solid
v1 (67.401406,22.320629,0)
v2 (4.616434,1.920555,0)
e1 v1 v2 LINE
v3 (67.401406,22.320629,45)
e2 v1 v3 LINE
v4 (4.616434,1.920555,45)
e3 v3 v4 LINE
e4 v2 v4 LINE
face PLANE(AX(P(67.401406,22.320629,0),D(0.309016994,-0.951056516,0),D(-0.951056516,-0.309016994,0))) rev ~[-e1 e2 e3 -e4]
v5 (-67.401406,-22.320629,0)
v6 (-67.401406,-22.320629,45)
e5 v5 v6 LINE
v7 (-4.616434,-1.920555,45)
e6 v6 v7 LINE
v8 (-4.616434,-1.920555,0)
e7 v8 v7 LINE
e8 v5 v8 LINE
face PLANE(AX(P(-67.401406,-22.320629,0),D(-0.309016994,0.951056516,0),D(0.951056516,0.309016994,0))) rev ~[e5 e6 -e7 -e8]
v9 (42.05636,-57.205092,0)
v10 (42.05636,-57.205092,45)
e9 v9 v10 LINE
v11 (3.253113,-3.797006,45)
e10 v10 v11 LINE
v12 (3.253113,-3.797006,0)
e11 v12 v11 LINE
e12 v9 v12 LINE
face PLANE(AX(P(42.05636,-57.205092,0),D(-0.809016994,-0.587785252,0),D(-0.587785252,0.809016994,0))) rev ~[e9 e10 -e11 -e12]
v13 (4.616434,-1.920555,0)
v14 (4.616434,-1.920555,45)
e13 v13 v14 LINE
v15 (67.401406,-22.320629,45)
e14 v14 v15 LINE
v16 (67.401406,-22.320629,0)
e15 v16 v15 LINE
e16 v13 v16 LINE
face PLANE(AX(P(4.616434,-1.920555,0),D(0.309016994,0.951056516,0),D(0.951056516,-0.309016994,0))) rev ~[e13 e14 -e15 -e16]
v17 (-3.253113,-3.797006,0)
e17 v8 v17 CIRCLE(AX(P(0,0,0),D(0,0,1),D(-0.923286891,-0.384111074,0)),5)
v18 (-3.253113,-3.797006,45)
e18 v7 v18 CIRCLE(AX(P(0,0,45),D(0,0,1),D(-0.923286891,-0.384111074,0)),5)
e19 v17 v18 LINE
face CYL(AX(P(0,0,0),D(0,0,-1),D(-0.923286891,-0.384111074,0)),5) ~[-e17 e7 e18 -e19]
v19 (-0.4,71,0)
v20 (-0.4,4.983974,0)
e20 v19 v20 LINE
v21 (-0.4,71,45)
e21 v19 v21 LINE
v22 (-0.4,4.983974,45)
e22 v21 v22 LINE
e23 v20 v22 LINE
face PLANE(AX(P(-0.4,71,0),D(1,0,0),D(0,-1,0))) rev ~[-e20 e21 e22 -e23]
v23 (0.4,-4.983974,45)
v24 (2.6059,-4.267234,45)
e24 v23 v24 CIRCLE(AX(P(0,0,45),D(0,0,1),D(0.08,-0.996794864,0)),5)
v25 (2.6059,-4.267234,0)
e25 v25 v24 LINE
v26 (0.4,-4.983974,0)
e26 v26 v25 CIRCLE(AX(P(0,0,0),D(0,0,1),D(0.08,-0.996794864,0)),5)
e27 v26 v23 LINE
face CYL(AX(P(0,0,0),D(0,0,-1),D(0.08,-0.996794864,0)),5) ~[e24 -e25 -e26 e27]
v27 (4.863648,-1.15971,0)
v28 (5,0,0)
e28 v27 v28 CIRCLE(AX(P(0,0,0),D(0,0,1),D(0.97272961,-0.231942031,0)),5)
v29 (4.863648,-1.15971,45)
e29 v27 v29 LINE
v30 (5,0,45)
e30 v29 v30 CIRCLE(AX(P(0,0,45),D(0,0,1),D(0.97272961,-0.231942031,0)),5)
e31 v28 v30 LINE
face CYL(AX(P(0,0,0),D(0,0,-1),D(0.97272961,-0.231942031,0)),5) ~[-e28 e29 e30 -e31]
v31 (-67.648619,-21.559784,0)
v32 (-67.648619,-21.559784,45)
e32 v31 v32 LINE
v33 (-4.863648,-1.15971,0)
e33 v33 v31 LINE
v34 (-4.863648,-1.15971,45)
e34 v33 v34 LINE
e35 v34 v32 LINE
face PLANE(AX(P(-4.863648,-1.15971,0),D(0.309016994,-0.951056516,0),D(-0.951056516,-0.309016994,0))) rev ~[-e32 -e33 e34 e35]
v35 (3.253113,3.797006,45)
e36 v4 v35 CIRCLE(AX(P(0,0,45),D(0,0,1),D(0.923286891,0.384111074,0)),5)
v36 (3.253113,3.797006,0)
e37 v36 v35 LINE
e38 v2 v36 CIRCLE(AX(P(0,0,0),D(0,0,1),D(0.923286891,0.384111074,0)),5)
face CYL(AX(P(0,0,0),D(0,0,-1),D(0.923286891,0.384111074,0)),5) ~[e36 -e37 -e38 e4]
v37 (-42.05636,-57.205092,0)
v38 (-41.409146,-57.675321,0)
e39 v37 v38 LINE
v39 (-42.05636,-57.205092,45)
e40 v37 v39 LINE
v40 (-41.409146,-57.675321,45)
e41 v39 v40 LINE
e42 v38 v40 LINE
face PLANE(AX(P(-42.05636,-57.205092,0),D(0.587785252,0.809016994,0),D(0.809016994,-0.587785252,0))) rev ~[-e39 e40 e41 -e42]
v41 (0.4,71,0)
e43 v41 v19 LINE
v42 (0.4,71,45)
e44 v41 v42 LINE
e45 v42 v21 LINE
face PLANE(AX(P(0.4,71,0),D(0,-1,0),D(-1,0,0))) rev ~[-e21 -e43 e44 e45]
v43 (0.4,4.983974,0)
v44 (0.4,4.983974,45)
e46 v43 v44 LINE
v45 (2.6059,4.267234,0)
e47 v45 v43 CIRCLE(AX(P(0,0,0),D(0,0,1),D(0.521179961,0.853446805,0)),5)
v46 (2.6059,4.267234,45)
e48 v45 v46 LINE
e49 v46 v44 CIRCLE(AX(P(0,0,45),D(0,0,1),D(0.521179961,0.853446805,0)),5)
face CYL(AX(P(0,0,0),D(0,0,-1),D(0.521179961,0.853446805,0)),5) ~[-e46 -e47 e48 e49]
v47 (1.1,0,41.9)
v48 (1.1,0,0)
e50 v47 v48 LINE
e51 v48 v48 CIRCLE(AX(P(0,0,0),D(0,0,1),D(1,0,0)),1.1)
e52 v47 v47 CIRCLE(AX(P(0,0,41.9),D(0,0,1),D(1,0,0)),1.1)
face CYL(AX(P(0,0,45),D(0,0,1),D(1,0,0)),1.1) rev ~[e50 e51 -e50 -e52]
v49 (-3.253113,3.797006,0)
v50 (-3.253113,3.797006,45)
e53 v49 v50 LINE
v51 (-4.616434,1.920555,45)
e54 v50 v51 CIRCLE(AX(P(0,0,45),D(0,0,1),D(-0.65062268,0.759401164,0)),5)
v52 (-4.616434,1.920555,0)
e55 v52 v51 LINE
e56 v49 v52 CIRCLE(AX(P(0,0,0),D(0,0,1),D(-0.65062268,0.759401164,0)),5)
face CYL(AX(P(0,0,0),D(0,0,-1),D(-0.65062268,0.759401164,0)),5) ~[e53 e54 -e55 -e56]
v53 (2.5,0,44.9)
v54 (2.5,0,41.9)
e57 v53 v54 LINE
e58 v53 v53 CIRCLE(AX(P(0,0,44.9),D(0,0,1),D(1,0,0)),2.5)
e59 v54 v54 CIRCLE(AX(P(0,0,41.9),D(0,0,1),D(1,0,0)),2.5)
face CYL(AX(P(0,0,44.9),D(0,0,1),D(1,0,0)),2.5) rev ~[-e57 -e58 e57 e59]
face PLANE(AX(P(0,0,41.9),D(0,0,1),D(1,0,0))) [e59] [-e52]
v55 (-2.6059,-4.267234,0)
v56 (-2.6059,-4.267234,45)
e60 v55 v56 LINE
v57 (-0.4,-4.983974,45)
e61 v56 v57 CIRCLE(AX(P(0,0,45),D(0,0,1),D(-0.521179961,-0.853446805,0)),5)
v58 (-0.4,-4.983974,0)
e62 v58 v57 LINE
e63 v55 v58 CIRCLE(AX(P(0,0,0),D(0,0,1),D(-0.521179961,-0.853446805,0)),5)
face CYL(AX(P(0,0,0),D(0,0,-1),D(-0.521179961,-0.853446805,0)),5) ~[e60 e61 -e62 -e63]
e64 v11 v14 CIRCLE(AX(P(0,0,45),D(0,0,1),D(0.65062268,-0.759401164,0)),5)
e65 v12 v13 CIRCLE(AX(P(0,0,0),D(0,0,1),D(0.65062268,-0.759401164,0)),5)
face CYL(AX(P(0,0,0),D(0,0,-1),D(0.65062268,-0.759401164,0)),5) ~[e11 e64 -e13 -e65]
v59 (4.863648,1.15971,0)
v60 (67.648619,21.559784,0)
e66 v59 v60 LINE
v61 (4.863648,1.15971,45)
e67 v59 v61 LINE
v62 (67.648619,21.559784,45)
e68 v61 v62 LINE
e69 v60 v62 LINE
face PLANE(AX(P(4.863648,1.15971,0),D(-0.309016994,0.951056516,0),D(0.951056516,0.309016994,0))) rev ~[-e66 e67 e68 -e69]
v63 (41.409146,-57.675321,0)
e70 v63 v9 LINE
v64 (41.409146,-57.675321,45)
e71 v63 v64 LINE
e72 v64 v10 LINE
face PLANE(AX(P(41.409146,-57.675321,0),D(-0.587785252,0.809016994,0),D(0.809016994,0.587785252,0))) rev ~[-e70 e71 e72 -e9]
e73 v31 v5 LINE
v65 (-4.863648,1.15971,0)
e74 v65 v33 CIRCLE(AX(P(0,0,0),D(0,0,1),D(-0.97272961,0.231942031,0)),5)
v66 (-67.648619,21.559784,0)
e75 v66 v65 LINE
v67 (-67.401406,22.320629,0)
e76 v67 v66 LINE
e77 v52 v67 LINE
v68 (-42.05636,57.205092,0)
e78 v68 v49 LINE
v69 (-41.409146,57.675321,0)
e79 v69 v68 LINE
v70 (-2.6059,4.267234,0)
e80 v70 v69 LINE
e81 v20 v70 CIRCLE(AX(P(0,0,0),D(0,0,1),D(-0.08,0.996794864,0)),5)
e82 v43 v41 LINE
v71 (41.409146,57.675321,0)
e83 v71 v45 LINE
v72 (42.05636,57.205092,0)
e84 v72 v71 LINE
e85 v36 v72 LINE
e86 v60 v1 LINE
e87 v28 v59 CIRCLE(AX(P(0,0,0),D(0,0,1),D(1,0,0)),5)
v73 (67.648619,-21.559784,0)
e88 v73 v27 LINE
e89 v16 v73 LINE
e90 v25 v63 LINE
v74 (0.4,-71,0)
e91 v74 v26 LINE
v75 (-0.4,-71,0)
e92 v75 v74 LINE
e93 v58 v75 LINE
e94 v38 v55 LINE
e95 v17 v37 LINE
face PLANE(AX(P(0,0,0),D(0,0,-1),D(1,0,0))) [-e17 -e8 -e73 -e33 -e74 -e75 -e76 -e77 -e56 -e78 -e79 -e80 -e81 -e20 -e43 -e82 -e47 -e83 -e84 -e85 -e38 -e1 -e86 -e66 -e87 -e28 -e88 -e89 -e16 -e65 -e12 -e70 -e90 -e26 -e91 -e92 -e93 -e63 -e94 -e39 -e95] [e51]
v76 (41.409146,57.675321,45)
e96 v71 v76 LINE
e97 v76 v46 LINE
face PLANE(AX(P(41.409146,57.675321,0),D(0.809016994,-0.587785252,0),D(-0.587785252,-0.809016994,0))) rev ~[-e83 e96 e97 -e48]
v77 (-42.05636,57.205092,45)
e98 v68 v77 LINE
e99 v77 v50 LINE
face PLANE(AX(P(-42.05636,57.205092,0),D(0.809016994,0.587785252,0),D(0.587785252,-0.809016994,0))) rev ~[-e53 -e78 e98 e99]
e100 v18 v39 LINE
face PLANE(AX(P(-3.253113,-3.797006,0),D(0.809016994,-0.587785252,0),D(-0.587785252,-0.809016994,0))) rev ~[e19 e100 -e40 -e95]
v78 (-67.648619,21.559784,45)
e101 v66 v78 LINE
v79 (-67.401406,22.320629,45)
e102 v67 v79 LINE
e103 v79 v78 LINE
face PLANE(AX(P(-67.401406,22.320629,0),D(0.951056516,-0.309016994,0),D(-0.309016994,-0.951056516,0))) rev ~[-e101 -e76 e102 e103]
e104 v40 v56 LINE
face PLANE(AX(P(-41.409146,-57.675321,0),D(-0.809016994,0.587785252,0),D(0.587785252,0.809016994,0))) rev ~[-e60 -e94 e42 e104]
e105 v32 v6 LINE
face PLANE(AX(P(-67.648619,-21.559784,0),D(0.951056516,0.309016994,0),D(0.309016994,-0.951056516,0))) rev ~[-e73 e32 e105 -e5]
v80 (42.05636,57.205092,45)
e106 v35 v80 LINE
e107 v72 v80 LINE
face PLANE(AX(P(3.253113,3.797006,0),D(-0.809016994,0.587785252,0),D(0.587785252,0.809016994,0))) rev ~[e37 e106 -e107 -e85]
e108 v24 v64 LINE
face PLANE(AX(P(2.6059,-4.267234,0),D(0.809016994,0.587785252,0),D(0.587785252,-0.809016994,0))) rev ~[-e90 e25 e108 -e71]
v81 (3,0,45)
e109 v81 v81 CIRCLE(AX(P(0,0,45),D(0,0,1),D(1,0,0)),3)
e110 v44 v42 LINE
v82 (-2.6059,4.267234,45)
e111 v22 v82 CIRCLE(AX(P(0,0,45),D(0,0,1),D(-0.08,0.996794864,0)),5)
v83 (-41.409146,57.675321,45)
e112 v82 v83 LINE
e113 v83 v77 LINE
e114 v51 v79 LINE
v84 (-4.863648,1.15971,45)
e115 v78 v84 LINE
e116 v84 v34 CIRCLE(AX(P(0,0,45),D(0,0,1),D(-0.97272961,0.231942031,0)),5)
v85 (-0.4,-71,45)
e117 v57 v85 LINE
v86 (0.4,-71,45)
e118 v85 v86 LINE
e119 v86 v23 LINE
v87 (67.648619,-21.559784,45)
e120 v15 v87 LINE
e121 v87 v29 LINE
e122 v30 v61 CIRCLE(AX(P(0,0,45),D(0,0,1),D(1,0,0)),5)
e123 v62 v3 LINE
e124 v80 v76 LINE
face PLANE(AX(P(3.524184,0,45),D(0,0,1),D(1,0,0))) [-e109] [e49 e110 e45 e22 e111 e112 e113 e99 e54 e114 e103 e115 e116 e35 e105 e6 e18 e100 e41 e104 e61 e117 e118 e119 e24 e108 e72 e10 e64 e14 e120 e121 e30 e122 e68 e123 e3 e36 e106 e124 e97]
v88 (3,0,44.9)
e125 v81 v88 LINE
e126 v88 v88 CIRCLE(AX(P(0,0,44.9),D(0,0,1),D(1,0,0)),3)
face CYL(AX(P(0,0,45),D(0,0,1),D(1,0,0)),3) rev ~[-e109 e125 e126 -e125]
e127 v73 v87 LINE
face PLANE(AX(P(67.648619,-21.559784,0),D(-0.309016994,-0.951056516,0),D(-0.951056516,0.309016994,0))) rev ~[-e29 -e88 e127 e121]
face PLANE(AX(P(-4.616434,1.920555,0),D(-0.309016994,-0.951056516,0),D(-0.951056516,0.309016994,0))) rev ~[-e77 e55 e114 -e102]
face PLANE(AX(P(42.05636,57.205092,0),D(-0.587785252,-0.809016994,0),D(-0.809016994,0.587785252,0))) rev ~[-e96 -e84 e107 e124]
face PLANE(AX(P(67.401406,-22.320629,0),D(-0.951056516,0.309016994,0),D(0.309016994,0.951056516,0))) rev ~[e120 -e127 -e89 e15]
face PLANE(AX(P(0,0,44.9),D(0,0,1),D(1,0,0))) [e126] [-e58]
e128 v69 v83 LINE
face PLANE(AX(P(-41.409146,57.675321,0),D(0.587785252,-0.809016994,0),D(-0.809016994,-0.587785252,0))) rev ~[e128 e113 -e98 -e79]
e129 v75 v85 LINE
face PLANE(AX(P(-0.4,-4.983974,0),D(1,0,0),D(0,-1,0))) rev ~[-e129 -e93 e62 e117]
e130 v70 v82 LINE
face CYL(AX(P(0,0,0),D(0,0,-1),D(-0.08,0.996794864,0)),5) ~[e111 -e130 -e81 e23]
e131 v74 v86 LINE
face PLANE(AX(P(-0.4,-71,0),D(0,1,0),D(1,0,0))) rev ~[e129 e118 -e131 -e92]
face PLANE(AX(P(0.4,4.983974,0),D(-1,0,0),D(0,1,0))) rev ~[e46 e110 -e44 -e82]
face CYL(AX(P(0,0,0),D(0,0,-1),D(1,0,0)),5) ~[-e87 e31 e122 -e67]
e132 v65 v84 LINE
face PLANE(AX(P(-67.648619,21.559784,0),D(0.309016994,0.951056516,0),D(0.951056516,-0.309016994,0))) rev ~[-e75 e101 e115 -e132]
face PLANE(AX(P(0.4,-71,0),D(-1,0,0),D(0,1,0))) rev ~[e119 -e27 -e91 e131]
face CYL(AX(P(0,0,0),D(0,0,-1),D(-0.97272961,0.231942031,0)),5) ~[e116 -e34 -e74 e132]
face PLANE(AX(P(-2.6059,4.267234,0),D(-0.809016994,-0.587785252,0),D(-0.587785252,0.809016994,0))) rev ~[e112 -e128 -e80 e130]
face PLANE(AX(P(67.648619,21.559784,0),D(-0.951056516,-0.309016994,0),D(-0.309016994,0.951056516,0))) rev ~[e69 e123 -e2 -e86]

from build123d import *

# Parameters (mm, degrees)
F1_DEPTH = 45
F3_DEPTH = 45
F4_R     = 1.1
F5_DEPTH = 45
F6_R     = 3
F7_DEPTH = 0.1
F8_R     = 2.5
F9_DEPTH = 3


with BuildPart() as f1:
    # F0 (on Top) → F1 (new body)
    with BuildSketch(Plane.XY):
        with BuildLine():
            ThreePointArc((4.8636480497, -1.1597101572), (4.9657950143, -0.5838491892), (5, 0))
            ThreePointArc((5, 0), (4.9657950143, 0.5838491892), (4.8636480497, 1.1597101572))
            Line((4.8636480497, 1.1597101572), (1.294427191, 0))
            Line((1.294427191, 0), (4.8636480497, -1.1597101572))
        make_face()
        with BuildLine():
            Line((1.294427191, 0), (4.8636480497, 1.1597101572))
            ThreePointArc((4.8636480497, 1.1597101572), (4.7552825815, 1.5450849719), (4.6164344542, 1.9205553702))
            Line((4.6164344542, 1.9205553702), (1.0472135955, 0.760845213))
            Line((1.0472135955, 0.760845213), (0.6472135955, 0.2102924448))
            Line((0.6472135955, 0.2102924448), (1.294427191, 0))
        make_face()
        with BuildLine():
            ThreePointArc((4.6164344542, 1.9205553702), (4.7552825815, 1.5450849719), (4.8636480497, 1.1597101572))
            Line((4.8636480497, 1.1597101572), (67.6486194547, 21.5597839941))
            Line((67.6486194547, 21.5597839941), (67.4014058592, 22.3206292071))
            Line((67.4014058592, 22.3206292071), (4.6164344542, 1.9205553702))
        make_face()
        with BuildLine():
            Line((67.6486194547, -21.5597839941), (4.8636480497, -1.1597101572))
            ThreePointArc((4.8636480497, -1.1597101572), (4.7552825815, -1.5450849719), (4.6164344542, -1.9205553702))
            Line((4.6164344542, -1.9205553702), (67.4014058592, -22.3206292071))
            Line((67.4014058592, -22.3206292071), (67.6486194547, -21.5597839941))
        make_face()
        with BuildLine():
            ThreePointArc((4.6164344542, -1.9205553702), (4.7552825815, -1.5450849719), (4.8636480497, -1.1597101572))
            Line((4.8636480497, -1.1597101572), (1.294427191, 0))
            Line((1.294427191, 0), (0.6472135955, -0.2102924448))
            Line((0.6472135955, -0.2102924448), (1.0472135955, -0.760845213))
            Line((1.0472135955, -0.760845213), (4.6164344542, -1.9205553702))
        make_face()
        with BuildLine():
            Line((1.0472135955, 0.760845213), (4.6164344542, 1.9205553702))
            ThreePointArc((4.6164344542, 1.9205553702), (4.0450849719, 2.9389262615), (3.2531133995, 3.7970058217))
            Line((3.2531133995, 3.7970058217), (1.0472135955, 0.760845213))
        make_face()
        with BuildLine():
            ThreePointArc((3.2531133995, -3.7970058217), (4.0450849719, -2.9389262615), (4.6164344542, -1.9205553702))
            Line((4.6164344542, -1.9205553702), (1.0472135955, -0.760845213))
            Line((1.0472135955, -0.760845213), (3.2531133995, -3.7970058217))
        make_face()
        with BuildLine():
            Line((1.0472135955, 0.760845213), (3.2531133995, 3.7970058217))
            ThreePointArc((3.2531133995, 3.7970058217), (2.9389262615, 4.0450849719), (2.605899804, 4.2672340235))
            Line((2.605899804, 4.2672340235), (0.4, 1.2310734149))
            Line((0.4, 1.2310734149), (0.4, 0.5505527682))
            Line((0.4, 0.5505527682), (1.0472135955, 0.760845213))
        make_face()
        with BuildLine():
            ThreePointArc((2.605899804, 4.2672340235), (2.9389262615, 4.0450849719), (3.2531133995, 3.7970058217))
            Line((3.2531133995, 3.7970058217), (42.0563597105, 57.2050924997))
            Line((42.0563597105, 57.2050924997), (41.409146115, 57.6753207015))
            Line((41.409146115, 57.6753207015), (2.605899804, 4.2672340235))
        make_face()
        with BuildLine():
            Line((42.0563597105, -57.2050924997), (3.2531133995, -3.7970058217))
            ThreePointArc((3.2531133995, -3.7970058217), (2.9389262615, -4.0450849719), (2.605899804, -4.2672340235))
            Line((2.605899804, -4.2672340235), (41.409146115, -57.6753207015))
            Line((41.409146115, -57.6753207015), (42.0563597105, -57.2050924997))
        make_face()
        with BuildLine():
            ThreePointArc((2.605899804, -4.2672340235), (2.9389262615, -4.0450849719), (3.2531133995, -3.7970058217))
            Line((3.2531133995, -3.7970058217), (1.0472135955, -0.760845213))
            Line((1.0472135955, -0.760845213), (0.4, -0.5505527682))
            Line((0.4, -0.5505527682), (0.4, -1.2310734149))
            Line((0.4, -1.2310734149), (2.605899804, -4.2672340235))
        make_face()
        with BuildLine():
            Line((0.4, 1.2310734149), (2.605899804, 4.2672340235))
            ThreePointArc((2.605899804, 4.2672340235), (1.5450849719, 4.7552825815), (0.4, 4.9839743178))
            Line((0.4, 4.9839743178), (0.4, 1.2310734149))
        make_face()
        with BuildLine():
            ThreePointArc((0.4, -4.9839743178), (1.5450849719, -4.7552825815), (2.605899804, -4.2672340235))
            Line((2.605899804, -4.2672340235), (0.4, -1.2310734149))
            Line((0.4, -1.2310734149), (0.4, -4.9839743178))
        make_face()
        with BuildLine():
            Line((0.4, 1.2310734149), (0.4, 4.9839743178))
            ThreePointArc((0.4, 4.9839743178), (0, 5), (-0.4, 4.9839743178))
            Line((-0.4, 4.9839743178), (-0.4, 1.2310734149))
            Line((-0.4, 1.2310734149), (0, 0.6805206467))
            Line((0, 0.6805206467), (0.4, 1.2310734149))
        make_face()
        with BuildLine():
            ThreePointArc((-0.4, 4.9839743178), (0, 5), (0.4, 4.9839743178))
            Line((0.4, 4.9839743178), (0.4, 71))
            Line((0.4, 71), (-0.4, 71))
            Line((-0.4, 71), (-0.4, 4.9839743178))
        make_face()
        with BuildLine():
            Line((0.4, -71), (0.4, -4.9839743178))
            ThreePointArc((0.4, -4.9839743178), (0, -5), (-0.4, -4.9839743178))
            Line((-0.4, -4.9839743178), (-0.4, -71))
            Line((-0.4, -71), (0.4, -71))
        make_face()
        with BuildLine():
            ThreePointArc((-0.4, -4.9839743178), (0, -5), (0.4, -4.9839743178))
            Line((0.4, -4.9839743178), (0.4, -1.2310734149))
            Line((0.4, -1.2310734149), (0, -0.6805206467))
            Line((0, -0.6805206467), (-0.4, -1.2310734149))
            Line((-0.4, -1.2310734149), (-0.4, -4.9839743178))
        make_face()
        with BuildLine():
            Line((-0.4, 1.2310734149), (-0.4, 4.9839743178))
            ThreePointArc((-0.4, 4.9839743178), (-1.5450849719, 4.7552825815), (-2.605899804, 4.2672340235))
            Line((-2.605899804, 4.2672340235), (-0.4, 1.2310734149))
        make_face()
        with BuildLine():
            ThreePointArc((-2.605899804, -4.2672340235), (-1.5450849719, -4.7552825815), (-0.4, -4.9839743178))
            Line((-0.4, -4.9839743178), (-0.4, -1.2310734149))
            Line((-0.4, -1.2310734149), (-2.605899804, -4.2672340235))
        make_face()
        with BuildLine():
            Line((-0.4, 1.2310734149), (-2.605899804, 4.2672340235))
            ThreePointArc((-2.605899804, 4.2672340235), (-2.9389262615, 4.0450849719), (-3.2531133995, 3.7970058217))
            Line((-3.2531133995, 3.7970058217), (-1.0472135955, 0.760845213))
            Line((-1.0472135955, 0.760845213), (-0.4, 0.5505527682))
            Line((-0.4, 0.5505527682), (-0.4, 1.2310734149))
        make_face()
        with BuildLine():
            ThreePointArc((-3.2531133995, 3.7970058217), (-2.9389262615, 4.0450849719), (-2.605899804, 4.2672340235))
            Line((-2.605899804, 4.2672340235), (-41.409146115, 57.6753207015))
            Line((-41.409146115, 57.6753207015), (-42.0563597105, 57.2050924997))
            Line((-42.0563597105, 57.2050924997), (-3.2531133995, 3.7970058217))
        make_face()
        with BuildLine():
            Line((-41.409146115, -57.6753207015), (-2.605899804, -4.2672340235))
            ThreePointArc((-2.605899804, -4.2672340235), (-2.9389262615, -4.0450849719), (-3.2531133995, -3.7970058217))
            Line((-3.2531133995, -3.7970058217), (-42.0563597105, -57.2050924997))
            Line((-42.0563597105, -57.2050924997), (-41.409146115, -57.6753207015))
        make_face()
        with BuildLine():
            ThreePointArc((-3.2531133995, -3.7970058217), (-2.9389262615, -4.0450849719), (-2.605899804, -4.2672340235))
            Line((-2.605899804, -4.2672340235), (-0.4, -1.2310734149))
            Line((-0.4, -1.2310734149), (-0.4, -0.5505527682))
            Line((-0.4, -0.5505527682), (-1.0472135955, -0.760845213))
            Line((-1.0472135955, -0.760845213), (-3.2531133995, -3.7970058217))
        make_face()
        with BuildLine():
            Line((-1.0472135955, 0.760845213), (-3.2531133995, 3.7970058217))
            ThreePointArc((-3.2531133995, 3.7970058217), (-4.0450849719, 2.9389262615), (-4.6164344542, 1.9205553702))
            Line((-4.6164344542, 1.9205553702), (-1.0472135955, 0.760845213))
        make_face()
        with BuildLine():
            ThreePointArc((-4.6164344542, -1.9205553702), (-4.0450849719, -2.9389262615), (-3.2531133995, -3.7970058217))
            Line((-3.2531133995, -3.7970058217), (-1.0472135955, -0.760845213))
            Line((-1.0472135955, -0.760845213), (-4.6164344542, -1.9205553702))
        make_face()
        with BuildLine():
            Line((-1.0472135955, 0.760845213), (-4.6164344542, 1.9205553702))
            ThreePointArc((-4.6164344542, 1.9205553702), (-4.7552825815, 1.5450849719), (-4.8636480497, 1.1597101572))
            Line((-4.8636480497, 1.1597101572), (-1.294427191, 0))
            Line((-1.294427191, 0), (-0.6472135955, 0.2102924448))
            Line((-0.6472135955, 0.2102924448), (-1.0472135955, 0.760845213))
        make_face()
        with BuildLine():
            ThreePointArc((-4.8636480497, 1.1597101572), (-4.7552825815, 1.5450849719), (-4.6164344542, 1.9205553702))
            Line((-4.6164344542, 1.9205553702), (-67.4014058592, 22.3206292071))
            Line((-67.4014058592, 22.3206292071), (-67.6486194547, 21.5597839941))
            Line((-67.6486194547, 21.5597839941), (-4.8636480497, 1.1597101572))
        make_face()
        with BuildLine():
            Line((-67.4014058592, -22.3206292071), (-4.6164344542, -1.9205553702))
            ThreePointArc((-4.6164344542, -1.9205553702), (-4.7552825815, -1.5450849719), (-4.8636480497, -1.1597101572))
            Line((-4.8636480497, -1.1597101572), (-67.6486194547, -21.5597839941))
            Line((-67.6486194547, -21.5597839941), (-67.4014058592, -22.3206292071))
        make_face()
        with BuildLine():
            ThreePointArc((-4.8636480497, -1.1597101572), (-4.7552825815, -1.5450849719), (-4.6164344542, -1.9205553702))
            Line((-4.6164344542, -1.9205553702), (-1.0472135955, -0.760845213))
            Line((-1.0472135955, -0.760845213), (-0.6472135955, -0.2102924448))
            Line((-0.6472135955, -0.2102924448), (-1.294427191, 0))
            Line((-1.294427191, 0), (-4.8636480497, -1.1597101572))
        make_face()
        with BuildLine():
            Line((-1.294427191, 0), (-4.8636480497, 1.1597101572))
            ThreePointArc((-4.8636480497, 1.1597101572), (-5, 0), (-4.8636480497, -1.1597101572))
            Line((-4.8636480497, -1.1597101572), (-1.294427191, 0))
        make_face()
    extrude(amount=F1_DEPTH)

    # F2 (on face) → F3 (join)
    with BuildSketch(Plane(origin=(0, 0, 0), x_dir=(1, 0, 0), z_dir=(0, 0, -1))):
        Polygon((0.4, 1.2310734149), (0, 0.6805206467), (-0.4, 1.2310734149), (-0.4, 0.5505527682), (-1.0472135955, 0.760845213), (-0.6472135955, 0.2102924448), (-1.294427191, 0), (-0.6472135955, -0.2102924448), (-1.0472135955, -0.760845213), (-0.4, -0.5505527682), (-0.4, -1.2310734149), (0, -0.6805206467), (0.4, -1.2310734149), (0.4, -0.5505527682), (1.0472135955, -0.760845213), (0.6472135955, -0.2102924448), (1.294427191, 0), (0.6472135955, 0.2102924448), (1.0472135955, 0.760845213), (0.4, 0.5505527682), align=None)
    extrude(amount=-F3_DEPTH)

    # F4 (on face) → F5 (cut, through all)
    with BuildSketch(Plane.XY.offset(45)):
        Circle(F4_R)
    extrude(amount=-F5_DEPTH, mode=Mode.SUBTRACT)

    # F6 (on face) → F7 (cut)
    with BuildSketch(Plane.XY.offset(45)):
        Circle(F6_R)
    extrude(amount=-F7_DEPTH, mode=Mode.SUBTRACT)

    # F8 (on face) → F9 (cut)
    with BuildSketch(Plane.XY.offset(44.9)):
        Circle(F8_R)
    extrude(amount=-F9_DEPTH, mode=Mode.SUBTRACT)


solid = f1.part
